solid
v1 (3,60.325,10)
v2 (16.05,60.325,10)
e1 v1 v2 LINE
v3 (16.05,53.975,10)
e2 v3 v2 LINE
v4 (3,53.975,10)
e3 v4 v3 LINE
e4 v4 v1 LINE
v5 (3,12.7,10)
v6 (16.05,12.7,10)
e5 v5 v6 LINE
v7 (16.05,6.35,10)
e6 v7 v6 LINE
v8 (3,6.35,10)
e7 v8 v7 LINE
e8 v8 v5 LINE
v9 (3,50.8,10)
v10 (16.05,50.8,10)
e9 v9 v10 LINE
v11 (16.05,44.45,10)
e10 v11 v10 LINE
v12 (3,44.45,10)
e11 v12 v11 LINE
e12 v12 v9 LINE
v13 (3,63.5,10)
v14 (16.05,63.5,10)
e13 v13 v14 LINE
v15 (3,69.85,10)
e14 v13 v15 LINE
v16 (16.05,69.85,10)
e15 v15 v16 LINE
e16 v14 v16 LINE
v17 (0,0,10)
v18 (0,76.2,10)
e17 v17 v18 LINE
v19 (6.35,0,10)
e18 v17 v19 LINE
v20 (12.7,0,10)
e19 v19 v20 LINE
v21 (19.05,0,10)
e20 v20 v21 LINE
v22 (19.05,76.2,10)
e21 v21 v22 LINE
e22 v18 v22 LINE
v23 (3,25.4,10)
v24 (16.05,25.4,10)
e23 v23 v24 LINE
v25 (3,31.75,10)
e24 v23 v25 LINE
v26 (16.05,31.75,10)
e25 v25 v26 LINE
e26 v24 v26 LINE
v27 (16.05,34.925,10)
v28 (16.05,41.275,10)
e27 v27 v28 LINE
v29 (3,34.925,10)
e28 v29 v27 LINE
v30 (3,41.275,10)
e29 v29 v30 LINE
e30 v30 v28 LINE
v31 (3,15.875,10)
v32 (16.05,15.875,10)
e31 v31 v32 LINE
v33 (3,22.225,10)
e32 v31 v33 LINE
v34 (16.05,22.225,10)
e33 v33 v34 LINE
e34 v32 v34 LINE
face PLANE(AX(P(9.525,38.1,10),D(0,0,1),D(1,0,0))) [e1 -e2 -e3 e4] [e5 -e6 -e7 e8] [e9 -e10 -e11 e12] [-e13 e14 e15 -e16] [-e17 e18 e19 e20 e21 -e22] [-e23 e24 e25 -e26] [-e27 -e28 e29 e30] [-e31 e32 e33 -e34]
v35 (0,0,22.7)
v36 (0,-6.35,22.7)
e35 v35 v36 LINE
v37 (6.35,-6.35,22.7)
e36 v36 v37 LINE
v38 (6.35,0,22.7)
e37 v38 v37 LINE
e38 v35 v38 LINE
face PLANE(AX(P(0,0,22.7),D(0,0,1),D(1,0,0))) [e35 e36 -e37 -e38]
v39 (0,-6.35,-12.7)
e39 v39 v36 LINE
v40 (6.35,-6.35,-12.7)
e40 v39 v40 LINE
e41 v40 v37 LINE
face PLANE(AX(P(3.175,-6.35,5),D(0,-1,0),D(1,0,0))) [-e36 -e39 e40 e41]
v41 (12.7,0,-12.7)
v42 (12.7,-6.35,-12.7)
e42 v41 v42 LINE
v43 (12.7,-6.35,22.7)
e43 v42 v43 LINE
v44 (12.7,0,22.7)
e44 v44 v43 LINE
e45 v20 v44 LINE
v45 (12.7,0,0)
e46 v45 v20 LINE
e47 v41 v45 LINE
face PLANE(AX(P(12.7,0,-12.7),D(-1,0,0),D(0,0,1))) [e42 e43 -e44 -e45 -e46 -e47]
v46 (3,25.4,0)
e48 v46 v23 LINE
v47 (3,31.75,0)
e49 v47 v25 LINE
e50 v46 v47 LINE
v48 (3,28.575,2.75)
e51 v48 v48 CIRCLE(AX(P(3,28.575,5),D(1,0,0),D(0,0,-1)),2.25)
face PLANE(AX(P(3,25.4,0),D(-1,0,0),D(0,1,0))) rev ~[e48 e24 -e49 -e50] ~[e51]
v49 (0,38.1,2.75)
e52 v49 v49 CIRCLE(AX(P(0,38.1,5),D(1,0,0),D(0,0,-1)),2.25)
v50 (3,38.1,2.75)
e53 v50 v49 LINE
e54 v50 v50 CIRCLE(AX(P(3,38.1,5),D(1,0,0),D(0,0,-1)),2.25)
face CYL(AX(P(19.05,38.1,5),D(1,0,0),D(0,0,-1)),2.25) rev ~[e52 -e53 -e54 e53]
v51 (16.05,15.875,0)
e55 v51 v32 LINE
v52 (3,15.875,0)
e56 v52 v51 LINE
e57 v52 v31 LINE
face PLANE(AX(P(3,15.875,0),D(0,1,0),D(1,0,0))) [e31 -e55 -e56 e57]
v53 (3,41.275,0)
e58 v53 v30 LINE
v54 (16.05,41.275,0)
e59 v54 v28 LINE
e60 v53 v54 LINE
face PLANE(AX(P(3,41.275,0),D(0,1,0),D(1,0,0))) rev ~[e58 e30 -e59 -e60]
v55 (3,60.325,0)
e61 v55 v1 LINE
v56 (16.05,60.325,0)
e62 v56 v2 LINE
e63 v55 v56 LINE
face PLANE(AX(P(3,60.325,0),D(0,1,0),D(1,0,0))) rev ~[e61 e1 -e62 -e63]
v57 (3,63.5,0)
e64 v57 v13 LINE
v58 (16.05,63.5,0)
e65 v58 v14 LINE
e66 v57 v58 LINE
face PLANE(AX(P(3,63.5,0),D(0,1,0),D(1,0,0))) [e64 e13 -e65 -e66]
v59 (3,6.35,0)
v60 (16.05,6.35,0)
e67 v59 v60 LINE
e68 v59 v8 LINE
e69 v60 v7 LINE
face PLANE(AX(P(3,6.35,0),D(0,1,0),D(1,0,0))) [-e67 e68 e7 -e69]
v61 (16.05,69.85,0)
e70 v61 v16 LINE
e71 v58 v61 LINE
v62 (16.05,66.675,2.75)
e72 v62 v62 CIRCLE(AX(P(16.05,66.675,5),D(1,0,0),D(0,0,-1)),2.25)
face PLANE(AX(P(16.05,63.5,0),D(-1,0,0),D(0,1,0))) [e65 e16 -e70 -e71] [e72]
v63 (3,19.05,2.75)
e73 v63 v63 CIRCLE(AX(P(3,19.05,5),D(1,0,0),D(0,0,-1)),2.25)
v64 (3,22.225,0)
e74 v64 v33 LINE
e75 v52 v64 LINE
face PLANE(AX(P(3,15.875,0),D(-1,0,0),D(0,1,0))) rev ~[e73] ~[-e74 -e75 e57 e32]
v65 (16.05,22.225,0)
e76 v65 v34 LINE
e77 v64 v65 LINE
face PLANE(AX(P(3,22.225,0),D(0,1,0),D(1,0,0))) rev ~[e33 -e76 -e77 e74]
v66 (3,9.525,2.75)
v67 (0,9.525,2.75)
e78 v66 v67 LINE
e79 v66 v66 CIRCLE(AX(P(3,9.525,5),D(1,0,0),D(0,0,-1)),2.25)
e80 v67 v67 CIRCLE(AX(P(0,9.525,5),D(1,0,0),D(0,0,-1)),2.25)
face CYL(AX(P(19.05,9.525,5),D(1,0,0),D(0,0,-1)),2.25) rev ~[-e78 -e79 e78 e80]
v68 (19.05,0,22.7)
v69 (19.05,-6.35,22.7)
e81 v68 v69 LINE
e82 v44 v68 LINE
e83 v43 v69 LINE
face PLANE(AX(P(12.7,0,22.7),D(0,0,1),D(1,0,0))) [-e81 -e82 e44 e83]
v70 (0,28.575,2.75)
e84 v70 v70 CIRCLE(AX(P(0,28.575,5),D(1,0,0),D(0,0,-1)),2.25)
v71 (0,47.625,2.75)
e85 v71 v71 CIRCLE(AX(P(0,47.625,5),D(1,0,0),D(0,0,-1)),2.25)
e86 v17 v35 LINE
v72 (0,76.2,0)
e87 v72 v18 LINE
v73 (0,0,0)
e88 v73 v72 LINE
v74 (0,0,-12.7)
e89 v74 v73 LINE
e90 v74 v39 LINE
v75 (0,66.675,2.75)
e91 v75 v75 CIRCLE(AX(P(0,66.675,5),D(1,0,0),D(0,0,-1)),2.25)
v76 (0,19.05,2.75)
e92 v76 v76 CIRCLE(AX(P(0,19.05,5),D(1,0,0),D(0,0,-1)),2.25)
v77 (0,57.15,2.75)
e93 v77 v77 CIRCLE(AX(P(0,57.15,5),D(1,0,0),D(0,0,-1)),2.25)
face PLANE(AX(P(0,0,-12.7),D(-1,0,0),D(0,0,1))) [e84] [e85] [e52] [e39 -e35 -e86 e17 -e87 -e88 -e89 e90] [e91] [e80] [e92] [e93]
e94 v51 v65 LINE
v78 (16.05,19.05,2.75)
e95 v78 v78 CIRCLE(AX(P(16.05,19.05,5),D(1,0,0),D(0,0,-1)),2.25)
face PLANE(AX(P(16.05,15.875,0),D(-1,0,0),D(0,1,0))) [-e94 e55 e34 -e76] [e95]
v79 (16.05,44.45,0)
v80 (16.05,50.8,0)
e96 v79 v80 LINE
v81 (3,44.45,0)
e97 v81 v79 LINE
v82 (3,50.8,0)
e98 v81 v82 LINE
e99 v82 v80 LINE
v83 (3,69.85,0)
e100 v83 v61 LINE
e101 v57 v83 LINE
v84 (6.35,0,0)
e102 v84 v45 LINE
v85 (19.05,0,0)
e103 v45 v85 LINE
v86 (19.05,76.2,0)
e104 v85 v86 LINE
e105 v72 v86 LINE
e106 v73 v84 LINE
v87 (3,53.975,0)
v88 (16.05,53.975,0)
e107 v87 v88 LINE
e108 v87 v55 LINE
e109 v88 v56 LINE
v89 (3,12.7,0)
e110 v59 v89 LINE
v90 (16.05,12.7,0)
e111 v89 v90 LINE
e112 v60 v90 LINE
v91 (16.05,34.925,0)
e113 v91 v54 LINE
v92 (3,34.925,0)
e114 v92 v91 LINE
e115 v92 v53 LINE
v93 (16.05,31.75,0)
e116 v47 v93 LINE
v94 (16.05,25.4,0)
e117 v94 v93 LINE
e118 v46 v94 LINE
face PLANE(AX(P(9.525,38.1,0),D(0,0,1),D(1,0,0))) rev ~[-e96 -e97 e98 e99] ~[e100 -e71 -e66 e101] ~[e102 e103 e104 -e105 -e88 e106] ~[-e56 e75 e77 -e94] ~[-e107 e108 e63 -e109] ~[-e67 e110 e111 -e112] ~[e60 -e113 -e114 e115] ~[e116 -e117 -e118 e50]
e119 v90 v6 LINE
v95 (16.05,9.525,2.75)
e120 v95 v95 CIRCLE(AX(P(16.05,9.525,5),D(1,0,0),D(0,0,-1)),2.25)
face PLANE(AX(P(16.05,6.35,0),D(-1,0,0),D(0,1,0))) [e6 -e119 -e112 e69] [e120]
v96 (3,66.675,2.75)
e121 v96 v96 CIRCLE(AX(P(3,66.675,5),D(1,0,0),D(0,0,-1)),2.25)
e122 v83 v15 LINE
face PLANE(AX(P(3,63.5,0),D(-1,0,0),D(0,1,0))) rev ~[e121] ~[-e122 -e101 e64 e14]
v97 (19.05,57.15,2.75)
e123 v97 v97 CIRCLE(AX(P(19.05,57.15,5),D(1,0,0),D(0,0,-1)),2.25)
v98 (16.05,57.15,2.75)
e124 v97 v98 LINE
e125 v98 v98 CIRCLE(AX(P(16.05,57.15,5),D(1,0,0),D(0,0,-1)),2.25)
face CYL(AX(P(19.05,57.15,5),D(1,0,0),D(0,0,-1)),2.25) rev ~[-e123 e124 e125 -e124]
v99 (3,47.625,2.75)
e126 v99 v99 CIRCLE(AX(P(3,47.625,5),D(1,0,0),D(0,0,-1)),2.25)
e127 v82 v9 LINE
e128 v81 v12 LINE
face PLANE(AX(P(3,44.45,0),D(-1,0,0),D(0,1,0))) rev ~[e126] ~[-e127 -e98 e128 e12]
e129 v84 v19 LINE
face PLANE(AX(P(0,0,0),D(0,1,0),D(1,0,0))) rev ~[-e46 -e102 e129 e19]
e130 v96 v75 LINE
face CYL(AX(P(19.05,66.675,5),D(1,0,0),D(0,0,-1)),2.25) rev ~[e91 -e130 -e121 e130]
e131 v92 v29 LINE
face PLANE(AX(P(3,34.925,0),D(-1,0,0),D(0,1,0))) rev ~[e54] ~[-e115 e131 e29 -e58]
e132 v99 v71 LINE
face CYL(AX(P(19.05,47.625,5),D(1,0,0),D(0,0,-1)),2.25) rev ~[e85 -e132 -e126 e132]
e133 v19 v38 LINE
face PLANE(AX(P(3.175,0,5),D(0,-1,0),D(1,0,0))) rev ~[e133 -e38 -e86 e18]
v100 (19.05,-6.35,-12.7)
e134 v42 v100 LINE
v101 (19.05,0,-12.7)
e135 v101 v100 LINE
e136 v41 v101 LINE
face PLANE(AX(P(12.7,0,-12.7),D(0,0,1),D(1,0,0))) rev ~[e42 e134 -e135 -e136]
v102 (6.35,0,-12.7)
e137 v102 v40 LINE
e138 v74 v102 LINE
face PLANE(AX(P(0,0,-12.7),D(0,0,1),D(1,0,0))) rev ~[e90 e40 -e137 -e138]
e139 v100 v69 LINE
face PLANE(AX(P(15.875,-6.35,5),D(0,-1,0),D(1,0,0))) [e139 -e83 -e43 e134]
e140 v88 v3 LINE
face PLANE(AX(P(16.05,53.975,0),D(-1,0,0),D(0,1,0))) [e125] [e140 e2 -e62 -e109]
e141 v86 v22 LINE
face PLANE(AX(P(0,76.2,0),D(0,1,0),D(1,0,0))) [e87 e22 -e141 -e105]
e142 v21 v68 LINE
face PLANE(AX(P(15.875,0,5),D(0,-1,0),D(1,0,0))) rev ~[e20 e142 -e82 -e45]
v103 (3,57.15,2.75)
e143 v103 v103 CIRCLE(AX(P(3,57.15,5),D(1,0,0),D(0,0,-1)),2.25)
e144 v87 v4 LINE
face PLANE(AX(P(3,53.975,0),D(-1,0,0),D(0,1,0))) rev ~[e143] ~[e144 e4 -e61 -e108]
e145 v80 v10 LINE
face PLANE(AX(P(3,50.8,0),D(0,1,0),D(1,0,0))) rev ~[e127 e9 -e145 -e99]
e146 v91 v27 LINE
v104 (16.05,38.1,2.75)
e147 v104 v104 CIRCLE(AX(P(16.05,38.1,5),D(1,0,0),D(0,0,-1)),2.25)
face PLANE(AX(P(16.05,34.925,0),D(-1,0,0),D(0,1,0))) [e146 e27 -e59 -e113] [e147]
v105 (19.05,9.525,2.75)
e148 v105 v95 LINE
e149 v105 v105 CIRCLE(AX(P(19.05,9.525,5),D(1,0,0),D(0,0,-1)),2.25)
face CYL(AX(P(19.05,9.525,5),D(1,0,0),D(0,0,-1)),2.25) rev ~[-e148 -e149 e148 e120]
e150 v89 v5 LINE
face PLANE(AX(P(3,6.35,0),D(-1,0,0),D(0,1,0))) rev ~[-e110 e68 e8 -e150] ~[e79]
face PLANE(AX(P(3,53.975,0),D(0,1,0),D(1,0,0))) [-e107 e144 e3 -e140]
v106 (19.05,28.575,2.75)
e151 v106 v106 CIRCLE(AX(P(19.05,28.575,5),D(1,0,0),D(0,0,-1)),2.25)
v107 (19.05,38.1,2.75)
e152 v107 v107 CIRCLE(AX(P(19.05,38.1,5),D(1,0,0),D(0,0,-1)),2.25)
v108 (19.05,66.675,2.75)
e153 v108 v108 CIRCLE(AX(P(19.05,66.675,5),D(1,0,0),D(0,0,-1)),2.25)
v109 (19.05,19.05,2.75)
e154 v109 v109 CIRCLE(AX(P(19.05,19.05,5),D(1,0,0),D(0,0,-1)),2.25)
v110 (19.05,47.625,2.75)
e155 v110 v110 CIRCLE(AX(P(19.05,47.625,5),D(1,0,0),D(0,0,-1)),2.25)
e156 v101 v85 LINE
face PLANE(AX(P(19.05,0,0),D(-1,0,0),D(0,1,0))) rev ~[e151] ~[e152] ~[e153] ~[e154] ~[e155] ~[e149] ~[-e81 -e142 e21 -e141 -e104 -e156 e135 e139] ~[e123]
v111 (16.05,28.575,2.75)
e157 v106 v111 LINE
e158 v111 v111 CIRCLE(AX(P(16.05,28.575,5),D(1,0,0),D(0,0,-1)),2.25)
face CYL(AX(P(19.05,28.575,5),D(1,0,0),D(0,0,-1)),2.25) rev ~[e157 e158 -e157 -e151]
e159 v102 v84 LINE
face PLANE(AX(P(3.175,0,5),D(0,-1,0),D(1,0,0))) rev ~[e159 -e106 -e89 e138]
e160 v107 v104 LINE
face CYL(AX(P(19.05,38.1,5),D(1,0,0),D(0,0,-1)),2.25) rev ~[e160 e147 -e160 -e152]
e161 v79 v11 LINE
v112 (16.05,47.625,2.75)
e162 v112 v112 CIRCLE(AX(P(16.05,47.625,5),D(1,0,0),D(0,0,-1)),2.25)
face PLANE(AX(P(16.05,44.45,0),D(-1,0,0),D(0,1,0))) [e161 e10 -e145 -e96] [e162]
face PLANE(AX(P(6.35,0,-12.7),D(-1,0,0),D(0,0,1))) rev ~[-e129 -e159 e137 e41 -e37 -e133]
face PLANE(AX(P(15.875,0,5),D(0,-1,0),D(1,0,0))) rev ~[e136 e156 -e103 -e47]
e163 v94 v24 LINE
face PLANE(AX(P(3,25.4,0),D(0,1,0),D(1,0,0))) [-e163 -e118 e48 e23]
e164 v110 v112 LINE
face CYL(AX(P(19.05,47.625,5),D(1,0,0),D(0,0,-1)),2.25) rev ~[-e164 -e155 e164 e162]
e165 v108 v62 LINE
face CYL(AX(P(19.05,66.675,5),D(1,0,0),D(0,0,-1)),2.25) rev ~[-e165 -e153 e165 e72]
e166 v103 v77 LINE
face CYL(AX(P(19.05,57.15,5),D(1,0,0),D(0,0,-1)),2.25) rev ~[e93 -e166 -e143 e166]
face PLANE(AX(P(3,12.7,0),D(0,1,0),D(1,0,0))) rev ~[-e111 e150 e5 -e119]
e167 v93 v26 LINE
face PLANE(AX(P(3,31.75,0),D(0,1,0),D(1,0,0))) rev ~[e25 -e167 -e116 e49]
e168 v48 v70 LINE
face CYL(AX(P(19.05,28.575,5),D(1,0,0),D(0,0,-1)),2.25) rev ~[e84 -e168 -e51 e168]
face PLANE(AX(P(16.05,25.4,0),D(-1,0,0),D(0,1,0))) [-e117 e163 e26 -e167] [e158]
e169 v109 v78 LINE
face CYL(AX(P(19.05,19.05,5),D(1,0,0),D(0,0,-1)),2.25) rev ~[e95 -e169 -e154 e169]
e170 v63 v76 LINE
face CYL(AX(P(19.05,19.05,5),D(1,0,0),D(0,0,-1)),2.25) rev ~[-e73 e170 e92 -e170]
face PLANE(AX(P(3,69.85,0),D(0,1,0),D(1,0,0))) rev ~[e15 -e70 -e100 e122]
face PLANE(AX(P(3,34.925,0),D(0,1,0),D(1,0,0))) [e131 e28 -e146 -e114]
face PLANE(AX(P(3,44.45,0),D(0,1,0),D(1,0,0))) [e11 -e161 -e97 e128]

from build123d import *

# Parameters (mm, degrees)
SKETCH1_W           = 19.05
SKETCH1_H           = 76.2
SKETCH1_W_2         = 13.05
SKETCH1_H_2         = 6.35
BOSS_EXTRUDE1_DEPTH = 10
SKETCH2_W           = 6.35
SKETCH2_H           = 35.4
BOSS_EXTRUDE2_DEPTH = 6.35
SKETCH3_R           = 2.25
CUT_EXTRUDE1_DEPTH  = 30


with BuildPart() as part:
    # Sketch1 → Boss-Extrude1 (new body)
    with BuildSketch(Plane.XY):
        with Locations((9.525, 38.1)):
            Rectangle(SKETCH1_W, SKETCH1_H)
        with Locations((9.525, 66.675)):
            Rectangle(SKETCH1_W_2, SKETCH1_H_2, mode=Mode.SUBTRACT)
        with Locations((9.525, 57.15)):
            Rectangle(SKETCH1_W_2, SKETCH1_H_2, mode=Mode.SUBTRACT)
        with Locations((9.525, 47.625)):
            Rectangle(SKETCH1_W_2, SKETCH1_H_2, mode=Mode.SUBTRACT)
        with Locations((9.525, 38.1)):
            Rectangle(SKETCH1_W_2, SKETCH1_H_2, mode=Mode.SUBTRACT)
        with Locations((9.525, 28.575)):
            Rectangle(SKETCH1_W_2, SKETCH1_H_2, mode=Mode.SUBTRACT)
        with Locations((9.525, 19.05)):
            Rectangle(SKETCH1_W_2, SKETCH1_H_2, mode=Mode.SUBTRACT)
        with Locations((9.525, 9.525)):
            Rectangle(SKETCH1_W_2, SKETCH1_H_2, mode=Mode.SUBTRACT)
    extrude(amount=BOSS_EXTRUDE1_DEPTH)

    # Sketch2 → Boss-Extrude2 (add)
    with BuildSketch(Plane.XZ):
        with Locations((3.175, 5)):
            Rectangle(SKETCH2_W, SKETCH2_H)
        with Locations((15.875, 5)):
            Rectangle(SKETCH2_W, SKETCH2_H)
    extrude(amount=BOSS_EXTRUDE2_DEPTH)

    # Sketch3 → Cut-Extrude1 (cut)
    with BuildSketch(Plane(origin=(19.05, 0, 0), x_dir=(0, 0, -1), z_dir=(1, 0, 0))):
        with Locations((-5, 66.675)):
            Circle(SKETCH3_R)
        with Locations((-5, 57.15)):
            Circle(SKETCH3_R)
        with Locations((-5, 47.625)):
            Circle(SKETCH3_R)
        with Locations((-5, 38.1)):
            Circle(SKETCH3_R)
        with Locations((-5, 28.575)):
            Circle(SKETCH3_R)
        with Locations((-5, 19.05)):
            Circle(SKETCH3_R)
        with Locations((-5, 9.525)):
            Circle(SKETCH3_R)
    extrude(amount=-CUT_EXTRUDE1_DEPTH, mode=Mode.SUBTRACT)


solid = part.part
